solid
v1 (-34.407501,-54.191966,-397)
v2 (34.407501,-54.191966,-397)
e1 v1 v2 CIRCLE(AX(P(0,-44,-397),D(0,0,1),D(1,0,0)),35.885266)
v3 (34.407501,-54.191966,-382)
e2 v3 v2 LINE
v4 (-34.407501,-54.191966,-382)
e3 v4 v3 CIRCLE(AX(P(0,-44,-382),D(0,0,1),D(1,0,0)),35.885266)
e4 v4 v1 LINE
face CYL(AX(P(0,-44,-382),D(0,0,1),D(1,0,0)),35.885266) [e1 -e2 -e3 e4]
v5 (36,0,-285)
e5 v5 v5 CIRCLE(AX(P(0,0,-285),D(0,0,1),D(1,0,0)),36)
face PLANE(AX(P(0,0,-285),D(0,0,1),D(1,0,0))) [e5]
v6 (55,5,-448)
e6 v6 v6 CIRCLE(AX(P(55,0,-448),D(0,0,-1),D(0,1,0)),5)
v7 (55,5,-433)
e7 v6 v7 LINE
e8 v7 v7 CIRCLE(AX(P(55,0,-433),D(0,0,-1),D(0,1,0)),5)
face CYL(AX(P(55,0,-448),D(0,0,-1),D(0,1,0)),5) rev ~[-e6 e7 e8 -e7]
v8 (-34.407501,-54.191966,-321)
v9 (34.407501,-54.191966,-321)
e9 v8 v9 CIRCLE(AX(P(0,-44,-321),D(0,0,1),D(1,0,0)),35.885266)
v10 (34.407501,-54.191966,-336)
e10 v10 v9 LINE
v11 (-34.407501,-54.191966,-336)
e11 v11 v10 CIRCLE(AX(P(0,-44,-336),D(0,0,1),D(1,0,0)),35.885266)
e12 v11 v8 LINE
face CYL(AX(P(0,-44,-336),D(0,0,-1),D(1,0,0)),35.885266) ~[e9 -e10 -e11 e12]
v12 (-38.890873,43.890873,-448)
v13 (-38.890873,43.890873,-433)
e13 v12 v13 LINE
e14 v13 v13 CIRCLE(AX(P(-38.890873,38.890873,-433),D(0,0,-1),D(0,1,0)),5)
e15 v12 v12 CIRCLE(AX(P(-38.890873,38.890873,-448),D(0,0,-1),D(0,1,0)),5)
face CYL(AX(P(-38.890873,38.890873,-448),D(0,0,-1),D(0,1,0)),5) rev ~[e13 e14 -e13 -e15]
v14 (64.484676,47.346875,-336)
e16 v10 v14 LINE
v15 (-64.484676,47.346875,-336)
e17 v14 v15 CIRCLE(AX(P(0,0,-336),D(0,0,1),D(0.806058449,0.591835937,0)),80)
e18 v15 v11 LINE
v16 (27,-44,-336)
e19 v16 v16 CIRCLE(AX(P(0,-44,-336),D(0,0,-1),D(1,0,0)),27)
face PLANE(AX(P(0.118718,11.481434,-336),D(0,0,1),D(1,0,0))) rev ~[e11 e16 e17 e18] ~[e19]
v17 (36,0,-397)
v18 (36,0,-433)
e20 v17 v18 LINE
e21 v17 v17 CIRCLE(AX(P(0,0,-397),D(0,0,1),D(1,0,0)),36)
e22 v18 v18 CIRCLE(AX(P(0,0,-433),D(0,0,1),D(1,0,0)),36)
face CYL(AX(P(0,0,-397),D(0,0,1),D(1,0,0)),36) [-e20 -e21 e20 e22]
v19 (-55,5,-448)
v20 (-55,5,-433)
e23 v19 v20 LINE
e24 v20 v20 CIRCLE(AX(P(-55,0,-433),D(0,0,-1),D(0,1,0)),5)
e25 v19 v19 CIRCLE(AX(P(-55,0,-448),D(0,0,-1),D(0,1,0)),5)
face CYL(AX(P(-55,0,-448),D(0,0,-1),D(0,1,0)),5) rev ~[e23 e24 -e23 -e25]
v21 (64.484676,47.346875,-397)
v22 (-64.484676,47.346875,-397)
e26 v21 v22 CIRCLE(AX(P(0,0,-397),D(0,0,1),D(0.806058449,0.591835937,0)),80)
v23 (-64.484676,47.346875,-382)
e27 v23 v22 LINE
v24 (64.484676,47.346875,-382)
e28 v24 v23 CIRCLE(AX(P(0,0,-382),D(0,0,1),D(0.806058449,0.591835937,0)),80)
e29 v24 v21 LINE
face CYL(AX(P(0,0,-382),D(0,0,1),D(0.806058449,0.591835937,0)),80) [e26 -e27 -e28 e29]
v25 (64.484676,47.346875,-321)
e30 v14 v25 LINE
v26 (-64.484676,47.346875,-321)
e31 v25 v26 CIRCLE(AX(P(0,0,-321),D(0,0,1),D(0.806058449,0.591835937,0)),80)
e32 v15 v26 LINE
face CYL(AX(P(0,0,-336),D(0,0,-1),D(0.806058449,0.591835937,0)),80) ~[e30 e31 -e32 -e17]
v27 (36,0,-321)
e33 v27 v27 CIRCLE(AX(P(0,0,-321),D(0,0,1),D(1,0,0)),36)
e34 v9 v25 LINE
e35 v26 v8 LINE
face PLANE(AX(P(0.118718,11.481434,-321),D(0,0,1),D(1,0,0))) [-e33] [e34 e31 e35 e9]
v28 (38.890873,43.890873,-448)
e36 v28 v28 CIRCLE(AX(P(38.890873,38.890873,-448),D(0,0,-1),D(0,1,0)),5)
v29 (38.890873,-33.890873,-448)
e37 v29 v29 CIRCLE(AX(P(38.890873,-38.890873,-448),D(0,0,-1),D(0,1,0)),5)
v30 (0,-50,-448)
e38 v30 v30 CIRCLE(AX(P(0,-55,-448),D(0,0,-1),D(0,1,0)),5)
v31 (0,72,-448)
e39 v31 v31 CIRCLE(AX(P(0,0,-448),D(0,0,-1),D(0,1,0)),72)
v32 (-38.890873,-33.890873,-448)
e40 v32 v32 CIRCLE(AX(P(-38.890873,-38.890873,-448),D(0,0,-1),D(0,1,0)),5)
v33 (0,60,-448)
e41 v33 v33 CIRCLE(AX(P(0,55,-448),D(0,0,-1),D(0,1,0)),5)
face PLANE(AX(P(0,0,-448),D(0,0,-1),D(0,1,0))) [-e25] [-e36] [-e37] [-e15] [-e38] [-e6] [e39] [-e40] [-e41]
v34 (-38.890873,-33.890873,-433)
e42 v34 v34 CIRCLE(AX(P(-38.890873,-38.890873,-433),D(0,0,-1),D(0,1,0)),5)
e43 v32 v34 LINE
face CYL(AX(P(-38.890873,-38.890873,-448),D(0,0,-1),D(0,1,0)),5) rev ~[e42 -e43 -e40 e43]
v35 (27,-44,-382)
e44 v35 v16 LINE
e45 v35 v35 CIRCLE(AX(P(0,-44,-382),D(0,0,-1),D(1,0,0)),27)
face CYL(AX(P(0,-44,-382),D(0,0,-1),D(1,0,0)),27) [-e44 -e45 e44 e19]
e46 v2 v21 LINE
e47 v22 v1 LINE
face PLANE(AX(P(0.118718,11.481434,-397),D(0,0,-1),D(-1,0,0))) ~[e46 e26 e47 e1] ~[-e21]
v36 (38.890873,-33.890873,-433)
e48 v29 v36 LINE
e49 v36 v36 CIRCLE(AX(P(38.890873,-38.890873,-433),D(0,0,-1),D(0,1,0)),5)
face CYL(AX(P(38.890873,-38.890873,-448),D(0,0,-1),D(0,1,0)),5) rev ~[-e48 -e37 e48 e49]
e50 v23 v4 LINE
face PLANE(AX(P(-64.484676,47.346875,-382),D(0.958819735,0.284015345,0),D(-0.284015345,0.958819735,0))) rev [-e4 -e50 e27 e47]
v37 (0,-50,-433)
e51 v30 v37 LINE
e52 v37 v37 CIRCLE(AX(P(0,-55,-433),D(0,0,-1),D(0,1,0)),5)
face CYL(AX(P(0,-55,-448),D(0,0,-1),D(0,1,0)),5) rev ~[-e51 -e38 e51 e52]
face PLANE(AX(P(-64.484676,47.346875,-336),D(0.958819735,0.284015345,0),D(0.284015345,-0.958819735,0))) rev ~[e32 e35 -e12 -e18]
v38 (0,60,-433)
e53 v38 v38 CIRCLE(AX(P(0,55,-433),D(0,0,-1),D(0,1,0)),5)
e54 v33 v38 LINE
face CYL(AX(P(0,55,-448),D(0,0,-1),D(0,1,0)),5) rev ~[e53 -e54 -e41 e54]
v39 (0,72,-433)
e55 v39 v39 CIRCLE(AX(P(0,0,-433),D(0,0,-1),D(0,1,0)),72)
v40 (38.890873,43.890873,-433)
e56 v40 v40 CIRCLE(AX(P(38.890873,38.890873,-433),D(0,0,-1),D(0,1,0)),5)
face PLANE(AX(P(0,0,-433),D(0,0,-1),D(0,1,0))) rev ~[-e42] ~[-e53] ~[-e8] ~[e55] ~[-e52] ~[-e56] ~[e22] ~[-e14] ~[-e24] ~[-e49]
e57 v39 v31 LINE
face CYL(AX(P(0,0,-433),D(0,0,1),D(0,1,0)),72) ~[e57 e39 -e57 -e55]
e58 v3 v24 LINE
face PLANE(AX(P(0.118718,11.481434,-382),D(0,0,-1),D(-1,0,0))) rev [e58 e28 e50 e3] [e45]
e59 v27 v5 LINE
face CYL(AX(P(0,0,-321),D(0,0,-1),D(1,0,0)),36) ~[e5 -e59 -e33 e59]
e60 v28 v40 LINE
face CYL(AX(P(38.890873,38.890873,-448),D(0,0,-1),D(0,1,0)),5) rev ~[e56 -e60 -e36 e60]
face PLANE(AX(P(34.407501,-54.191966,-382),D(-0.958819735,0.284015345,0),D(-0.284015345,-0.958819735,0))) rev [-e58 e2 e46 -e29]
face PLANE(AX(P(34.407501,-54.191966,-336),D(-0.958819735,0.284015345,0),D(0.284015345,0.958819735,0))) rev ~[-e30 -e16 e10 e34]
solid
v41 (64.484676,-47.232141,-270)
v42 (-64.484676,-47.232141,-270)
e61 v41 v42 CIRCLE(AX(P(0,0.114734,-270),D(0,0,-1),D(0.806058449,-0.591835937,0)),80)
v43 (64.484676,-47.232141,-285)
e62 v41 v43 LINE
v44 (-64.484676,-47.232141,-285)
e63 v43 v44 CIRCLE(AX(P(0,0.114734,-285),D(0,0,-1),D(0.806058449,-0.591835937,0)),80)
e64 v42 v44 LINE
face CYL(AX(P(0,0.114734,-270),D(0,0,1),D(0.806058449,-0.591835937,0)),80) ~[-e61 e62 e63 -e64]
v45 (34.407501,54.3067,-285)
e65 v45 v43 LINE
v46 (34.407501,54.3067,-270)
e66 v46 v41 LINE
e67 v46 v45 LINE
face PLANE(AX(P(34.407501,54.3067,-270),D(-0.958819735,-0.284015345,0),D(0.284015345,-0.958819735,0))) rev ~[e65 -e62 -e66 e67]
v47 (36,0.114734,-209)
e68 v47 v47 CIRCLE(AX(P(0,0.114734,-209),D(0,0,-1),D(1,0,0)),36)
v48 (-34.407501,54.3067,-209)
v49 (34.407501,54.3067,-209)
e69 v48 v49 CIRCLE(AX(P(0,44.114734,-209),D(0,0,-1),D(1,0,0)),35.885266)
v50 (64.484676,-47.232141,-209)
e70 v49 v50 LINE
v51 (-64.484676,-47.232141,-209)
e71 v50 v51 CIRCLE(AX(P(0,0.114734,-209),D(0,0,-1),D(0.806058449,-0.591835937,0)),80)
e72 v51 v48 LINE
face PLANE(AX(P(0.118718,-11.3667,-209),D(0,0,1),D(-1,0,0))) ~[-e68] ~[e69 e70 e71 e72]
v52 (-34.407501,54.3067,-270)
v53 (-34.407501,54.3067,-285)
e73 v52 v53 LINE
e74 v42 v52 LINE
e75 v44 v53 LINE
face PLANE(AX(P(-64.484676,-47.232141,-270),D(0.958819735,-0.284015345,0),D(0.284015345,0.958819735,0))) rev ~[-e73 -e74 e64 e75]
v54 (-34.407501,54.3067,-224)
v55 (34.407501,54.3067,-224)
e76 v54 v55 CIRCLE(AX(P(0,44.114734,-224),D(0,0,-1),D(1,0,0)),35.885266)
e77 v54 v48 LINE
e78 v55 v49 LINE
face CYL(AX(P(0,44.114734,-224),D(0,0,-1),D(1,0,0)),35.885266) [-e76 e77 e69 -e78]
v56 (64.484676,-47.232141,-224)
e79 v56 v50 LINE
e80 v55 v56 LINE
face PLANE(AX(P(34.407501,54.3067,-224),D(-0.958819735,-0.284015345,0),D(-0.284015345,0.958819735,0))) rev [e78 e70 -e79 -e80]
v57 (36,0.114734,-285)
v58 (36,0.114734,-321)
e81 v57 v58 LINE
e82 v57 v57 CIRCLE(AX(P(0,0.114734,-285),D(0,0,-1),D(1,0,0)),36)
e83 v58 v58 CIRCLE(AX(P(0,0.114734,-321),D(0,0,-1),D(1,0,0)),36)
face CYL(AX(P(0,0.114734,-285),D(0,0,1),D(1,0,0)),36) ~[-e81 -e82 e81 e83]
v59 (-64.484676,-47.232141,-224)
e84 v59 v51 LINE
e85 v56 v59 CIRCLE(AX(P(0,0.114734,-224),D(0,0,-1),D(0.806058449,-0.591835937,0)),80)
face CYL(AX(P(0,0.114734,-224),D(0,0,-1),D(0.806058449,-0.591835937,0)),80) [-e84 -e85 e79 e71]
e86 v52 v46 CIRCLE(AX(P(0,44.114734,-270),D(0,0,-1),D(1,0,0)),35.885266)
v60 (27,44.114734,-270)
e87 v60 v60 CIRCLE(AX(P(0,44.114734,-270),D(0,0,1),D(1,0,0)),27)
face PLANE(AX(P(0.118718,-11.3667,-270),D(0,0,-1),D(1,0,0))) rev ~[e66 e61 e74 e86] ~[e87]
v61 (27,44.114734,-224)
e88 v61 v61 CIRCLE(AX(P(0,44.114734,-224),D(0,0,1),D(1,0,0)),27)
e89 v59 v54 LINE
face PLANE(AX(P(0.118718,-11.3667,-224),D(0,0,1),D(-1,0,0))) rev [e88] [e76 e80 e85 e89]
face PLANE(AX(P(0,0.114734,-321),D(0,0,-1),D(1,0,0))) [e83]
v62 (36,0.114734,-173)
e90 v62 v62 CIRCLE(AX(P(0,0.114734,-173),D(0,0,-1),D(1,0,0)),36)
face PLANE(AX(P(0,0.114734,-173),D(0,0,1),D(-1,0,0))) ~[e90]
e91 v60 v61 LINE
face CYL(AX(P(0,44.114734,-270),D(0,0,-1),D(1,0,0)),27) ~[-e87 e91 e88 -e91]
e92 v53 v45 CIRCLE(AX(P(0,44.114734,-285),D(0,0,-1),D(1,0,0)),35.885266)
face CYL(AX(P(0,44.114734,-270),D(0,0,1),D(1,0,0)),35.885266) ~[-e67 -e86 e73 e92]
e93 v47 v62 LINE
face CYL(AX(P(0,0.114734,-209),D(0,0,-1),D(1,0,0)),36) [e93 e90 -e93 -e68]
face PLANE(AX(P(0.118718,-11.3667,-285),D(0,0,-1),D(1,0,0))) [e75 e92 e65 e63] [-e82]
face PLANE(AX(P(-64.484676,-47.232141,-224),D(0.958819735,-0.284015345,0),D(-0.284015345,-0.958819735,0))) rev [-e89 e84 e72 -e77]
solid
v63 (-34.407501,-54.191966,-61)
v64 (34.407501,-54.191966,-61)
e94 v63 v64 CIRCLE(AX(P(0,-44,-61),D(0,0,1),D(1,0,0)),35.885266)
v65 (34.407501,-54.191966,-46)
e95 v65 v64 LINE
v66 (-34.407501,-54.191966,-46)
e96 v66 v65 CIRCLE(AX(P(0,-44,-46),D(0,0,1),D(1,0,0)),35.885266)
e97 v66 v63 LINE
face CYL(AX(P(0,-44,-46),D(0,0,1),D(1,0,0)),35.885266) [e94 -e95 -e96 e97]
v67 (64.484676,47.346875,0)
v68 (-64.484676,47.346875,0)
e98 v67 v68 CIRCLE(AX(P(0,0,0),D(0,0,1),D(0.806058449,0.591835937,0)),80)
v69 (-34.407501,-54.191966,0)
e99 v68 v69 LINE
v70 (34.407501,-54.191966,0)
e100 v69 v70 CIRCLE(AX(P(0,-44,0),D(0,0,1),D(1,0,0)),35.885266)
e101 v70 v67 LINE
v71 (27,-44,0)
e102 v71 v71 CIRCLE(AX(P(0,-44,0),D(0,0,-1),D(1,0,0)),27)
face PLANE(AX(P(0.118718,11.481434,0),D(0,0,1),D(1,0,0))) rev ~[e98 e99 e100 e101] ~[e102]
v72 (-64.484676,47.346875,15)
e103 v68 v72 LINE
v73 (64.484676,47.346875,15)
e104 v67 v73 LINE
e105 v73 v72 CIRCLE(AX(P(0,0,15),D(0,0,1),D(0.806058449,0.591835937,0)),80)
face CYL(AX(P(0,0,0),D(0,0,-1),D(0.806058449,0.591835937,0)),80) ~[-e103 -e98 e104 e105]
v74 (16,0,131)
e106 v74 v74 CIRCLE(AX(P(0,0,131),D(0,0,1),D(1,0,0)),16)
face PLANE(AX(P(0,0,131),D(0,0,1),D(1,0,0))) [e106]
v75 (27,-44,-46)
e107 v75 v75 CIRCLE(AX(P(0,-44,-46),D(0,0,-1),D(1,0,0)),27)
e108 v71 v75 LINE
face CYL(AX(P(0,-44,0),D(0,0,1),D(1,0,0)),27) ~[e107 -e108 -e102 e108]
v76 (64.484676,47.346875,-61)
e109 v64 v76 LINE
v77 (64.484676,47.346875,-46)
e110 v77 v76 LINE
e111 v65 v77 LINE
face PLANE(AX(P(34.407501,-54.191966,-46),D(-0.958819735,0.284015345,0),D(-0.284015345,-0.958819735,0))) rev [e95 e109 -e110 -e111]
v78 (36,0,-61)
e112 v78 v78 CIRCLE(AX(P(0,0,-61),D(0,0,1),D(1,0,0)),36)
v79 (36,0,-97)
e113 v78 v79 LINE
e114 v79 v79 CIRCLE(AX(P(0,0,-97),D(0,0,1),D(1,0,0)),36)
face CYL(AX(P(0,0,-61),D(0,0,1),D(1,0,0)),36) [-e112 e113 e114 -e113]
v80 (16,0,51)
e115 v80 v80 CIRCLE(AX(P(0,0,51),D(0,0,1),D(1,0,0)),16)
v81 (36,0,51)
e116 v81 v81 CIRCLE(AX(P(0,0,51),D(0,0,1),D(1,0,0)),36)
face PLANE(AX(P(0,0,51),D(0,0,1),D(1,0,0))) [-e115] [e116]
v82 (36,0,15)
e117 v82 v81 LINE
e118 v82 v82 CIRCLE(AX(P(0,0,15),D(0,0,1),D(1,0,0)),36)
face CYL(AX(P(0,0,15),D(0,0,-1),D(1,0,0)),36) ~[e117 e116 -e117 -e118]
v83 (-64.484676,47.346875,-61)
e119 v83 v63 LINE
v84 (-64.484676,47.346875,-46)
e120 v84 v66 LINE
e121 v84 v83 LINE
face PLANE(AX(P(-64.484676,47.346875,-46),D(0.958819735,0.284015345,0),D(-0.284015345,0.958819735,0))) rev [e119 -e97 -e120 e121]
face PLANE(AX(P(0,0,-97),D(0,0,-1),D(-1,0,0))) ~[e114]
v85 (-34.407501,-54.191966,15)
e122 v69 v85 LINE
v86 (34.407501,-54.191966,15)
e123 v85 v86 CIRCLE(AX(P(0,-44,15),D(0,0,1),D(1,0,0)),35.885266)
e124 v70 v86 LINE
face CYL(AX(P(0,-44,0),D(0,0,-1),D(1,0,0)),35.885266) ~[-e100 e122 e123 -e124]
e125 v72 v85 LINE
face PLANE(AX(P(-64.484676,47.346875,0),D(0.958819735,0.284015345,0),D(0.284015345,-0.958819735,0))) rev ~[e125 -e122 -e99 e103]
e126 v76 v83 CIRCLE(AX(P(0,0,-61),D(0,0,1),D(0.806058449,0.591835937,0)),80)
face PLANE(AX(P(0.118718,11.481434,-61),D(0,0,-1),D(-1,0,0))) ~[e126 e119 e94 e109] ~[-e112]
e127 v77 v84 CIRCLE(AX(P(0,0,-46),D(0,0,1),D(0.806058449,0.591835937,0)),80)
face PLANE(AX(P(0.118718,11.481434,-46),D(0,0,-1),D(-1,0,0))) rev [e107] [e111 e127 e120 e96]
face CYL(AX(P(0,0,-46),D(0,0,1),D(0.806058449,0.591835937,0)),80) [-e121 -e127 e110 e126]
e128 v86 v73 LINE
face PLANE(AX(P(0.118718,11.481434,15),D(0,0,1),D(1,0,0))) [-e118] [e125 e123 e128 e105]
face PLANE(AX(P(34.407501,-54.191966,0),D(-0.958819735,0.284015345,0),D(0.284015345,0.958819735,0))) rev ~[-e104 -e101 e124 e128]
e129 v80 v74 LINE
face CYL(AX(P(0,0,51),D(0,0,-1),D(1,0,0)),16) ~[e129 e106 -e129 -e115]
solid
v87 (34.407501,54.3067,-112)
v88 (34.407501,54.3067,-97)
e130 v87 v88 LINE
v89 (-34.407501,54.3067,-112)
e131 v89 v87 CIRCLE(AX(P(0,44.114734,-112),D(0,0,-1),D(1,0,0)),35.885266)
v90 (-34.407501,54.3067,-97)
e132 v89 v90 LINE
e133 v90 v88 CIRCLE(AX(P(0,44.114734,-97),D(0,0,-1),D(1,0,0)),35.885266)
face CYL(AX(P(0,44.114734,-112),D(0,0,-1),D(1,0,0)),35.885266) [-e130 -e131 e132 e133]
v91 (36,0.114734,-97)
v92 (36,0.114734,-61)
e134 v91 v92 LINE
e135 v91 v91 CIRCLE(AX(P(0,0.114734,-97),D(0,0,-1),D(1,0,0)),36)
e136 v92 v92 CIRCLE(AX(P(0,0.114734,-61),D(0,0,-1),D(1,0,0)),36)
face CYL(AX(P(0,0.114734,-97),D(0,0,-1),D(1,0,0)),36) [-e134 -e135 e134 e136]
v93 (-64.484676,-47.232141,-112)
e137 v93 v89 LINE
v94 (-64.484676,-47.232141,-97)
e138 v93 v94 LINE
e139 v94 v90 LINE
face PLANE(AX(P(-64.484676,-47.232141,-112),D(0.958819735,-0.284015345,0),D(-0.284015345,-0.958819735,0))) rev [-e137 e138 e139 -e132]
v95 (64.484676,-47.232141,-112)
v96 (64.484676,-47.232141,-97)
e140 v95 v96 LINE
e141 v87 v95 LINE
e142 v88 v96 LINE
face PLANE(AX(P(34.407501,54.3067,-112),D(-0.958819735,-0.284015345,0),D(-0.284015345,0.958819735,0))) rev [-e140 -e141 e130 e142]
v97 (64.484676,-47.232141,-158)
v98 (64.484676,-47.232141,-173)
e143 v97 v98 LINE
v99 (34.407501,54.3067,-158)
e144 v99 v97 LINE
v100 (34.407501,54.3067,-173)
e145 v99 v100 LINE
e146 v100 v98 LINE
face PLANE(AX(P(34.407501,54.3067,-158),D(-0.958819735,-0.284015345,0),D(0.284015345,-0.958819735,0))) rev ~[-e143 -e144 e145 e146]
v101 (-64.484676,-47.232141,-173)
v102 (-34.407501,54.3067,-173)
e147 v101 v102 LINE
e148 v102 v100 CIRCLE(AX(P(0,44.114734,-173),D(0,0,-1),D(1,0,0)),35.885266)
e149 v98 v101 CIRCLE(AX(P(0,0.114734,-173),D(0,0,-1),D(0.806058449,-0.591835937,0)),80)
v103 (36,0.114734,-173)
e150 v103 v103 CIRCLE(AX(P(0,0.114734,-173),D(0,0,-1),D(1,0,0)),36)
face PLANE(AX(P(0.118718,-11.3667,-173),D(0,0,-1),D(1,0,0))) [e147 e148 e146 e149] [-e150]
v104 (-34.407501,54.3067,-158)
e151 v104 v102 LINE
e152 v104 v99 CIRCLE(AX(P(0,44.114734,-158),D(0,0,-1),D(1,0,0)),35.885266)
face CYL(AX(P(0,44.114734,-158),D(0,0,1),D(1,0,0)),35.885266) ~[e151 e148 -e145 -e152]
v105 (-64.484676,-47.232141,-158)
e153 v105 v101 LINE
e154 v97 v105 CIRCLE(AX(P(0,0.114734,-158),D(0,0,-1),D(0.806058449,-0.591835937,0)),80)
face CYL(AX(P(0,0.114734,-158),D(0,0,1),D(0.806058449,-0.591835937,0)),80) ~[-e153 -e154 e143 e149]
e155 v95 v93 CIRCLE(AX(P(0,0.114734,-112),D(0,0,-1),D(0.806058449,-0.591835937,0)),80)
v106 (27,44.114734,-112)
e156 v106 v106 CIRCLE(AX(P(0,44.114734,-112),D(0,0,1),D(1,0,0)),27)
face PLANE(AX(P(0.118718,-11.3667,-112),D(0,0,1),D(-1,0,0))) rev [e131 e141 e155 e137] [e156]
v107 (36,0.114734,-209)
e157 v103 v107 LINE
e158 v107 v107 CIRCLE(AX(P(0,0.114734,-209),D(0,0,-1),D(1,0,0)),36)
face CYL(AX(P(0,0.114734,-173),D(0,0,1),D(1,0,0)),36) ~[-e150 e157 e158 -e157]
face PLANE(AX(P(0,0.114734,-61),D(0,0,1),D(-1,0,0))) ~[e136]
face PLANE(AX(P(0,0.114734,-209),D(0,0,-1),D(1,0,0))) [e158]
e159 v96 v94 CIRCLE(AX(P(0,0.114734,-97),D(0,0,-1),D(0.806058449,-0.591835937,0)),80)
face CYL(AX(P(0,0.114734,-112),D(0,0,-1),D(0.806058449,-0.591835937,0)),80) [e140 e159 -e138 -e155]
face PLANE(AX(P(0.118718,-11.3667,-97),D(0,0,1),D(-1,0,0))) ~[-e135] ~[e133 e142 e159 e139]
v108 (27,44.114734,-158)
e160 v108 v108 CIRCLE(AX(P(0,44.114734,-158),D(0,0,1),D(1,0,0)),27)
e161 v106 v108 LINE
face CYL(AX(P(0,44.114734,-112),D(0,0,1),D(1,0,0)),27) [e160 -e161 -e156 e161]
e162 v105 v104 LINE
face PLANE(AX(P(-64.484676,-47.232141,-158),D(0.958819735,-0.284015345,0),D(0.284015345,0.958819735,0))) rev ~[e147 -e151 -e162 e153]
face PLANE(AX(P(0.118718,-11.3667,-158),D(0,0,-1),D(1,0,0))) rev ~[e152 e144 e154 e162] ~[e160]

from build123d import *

# Parameters (mm, degrees)
SKETCH1_R             = 35.885265696
BOSS_EXTRUDE1_DEPTH   = 15
SKETCH4_R             = 27
BOSS_EXTRUDE2_DEPTH   = 46
SKETCH6_R             = 36
BOSS_EXTRUDE3_DEPTH   = 36
BODY_MOVE_COPY2_ANGLE = 180
SKETCH8_R             = 16
BOSS_EXTRUDE5_DEPTH   = 80
SKETCH9_R             = 72
BOSS_EXTRUDE6_DEPTH   = 15
SKETCH10_R            = 5
CUT_EXTRUDE2_DEPTH    = 15


with BuildPart() as part:
    # Sketch1 → Boss-Extrude1 (new body)
    with BuildSketch(Plane.XY):
        with BuildLine():
            ThreePointArc((64.484675932, 47.346874976), (0, 80), (-64.484675932, 47.346874976))
            Line((-64.484675932, 47.346874976), (-34.40750094, -54.191966106))
            ThreePointArc((-34.40750094, -54.191966106), (-5.149270866, -8.486097037), (35.885265696, -44))
            ThreePointArc((35.885265696, -44), (35.513902963, -49.149270866), (34.40750094, -54.191966106))
            Line((34.40750094, -54.191966106), (64.484675932, 47.346874976))
        make_face()
        with Locations((0, -44)):
            Circle(SKETCH1_R)
    boss_extrude1 = extrude(amount=BOSS_EXTRUDE1_DEPTH)

    # Sketch4 → Boss-Extrude2 (add)
    with BuildSketch(Plane(origin=(0, 0, 0), x_dir=(-1, 0, 0), z_dir=(0, 0, -1))):
        with Locations(Location((0, -44, 0), (0, 0, 180))):
            Circle(SKETCH4_R)
    extrude(amount=BOSS_EXTRUDE2_DEPTH)

    # Mirror1: Boss-Extrude1 across plane
    add(boss_extrude1.mirror(Plane(origin=(0, 0, -23), x_dir=(1, 0, 0), z_dir=(0, 0, -1))))

    # Sketch6 → Boss-Extrude3 (add)
    with BuildSketch(Plane.XY.offset(15)):
        Circle(SKETCH6_R)
    boss_extrude3 = extrude(amount=BOSS_EXTRUDE3_DEPTH)

    # Mirror2: Boss-Extrude3 across plane
    add(boss_extrude3.mirror(Plane(origin=(0, 0, -23), x_dir=(1, 0, 0), z_dir=(0, 0, -1))))


with BuildPart() as body_2:
    # Mirror13: mirrored copy
    add(part.part.mirror(Plane(origin=(0, 0, -79), x_dir=(1, 0, 0), z_dir=(0, 0, -1))))


with BuildPart() as body_2_1:
    # Body-Move/Copy2: moved
    add(body_2.part.rotate(Axis((0, 0.057367152, -135), (1, 0, 0)), BODY_MOVE_COPY2_ANGLE))


with BuildPart() as body_3:
    # Mirror15: mirrored copy
    add(part.part.mirror(Plane(origin=(0, 0, -191), x_dir=(1, 0, 0), z_dir=(0, 0, -1))))

    # Sketch9 → Boss-Extrude6 (add)
    with BuildSketch(Plane(origin=(0, 0, -433), x_dir=(-1, 0, 0), z_dir=(0, 0, -1))):
        with Locations(Location((0, 0, 0), (0, 0, 90))):
            Circle(SKETCH9_R)
    extrude(amount=BOSS_EXTRUDE6_DEPTH)

    # Sketch10 → Cut-Extrude2 (cut)
    with BuildSketch(Plane(origin=(0, 0, -448), x_dir=(-1, 0, 0), z_dir=(0, 0, -1))):
        with Locations(Location((0, 55, 0), (0, 0, 90))):
            Circle(SKETCH10_R)
        with Locations(Location((38.890872965, 38.890872965, 0), (0, 0, 90))):
            Circle(SKETCH10_R)
        with Locations(Location((55, 0, 0), (0, 0, 90))):
            Circle(SKETCH10_R)
        with Locations(Location((38.890872965, -38.890872965, 0), (0, 0, 90))):
            Circle(SKETCH10_R)
        with Locations(Location((0, -55, 0), (0, 0, 90))):
            Circle(SKETCH10_R)
        with Locations(Location((-38.890872965, -38.890872965, 0), (0, 0, 90))):
            Circle(SKETCH10_R)
        with Locations(Location((-55, 0, 0), (0, 0, 90))):
            Circle(SKETCH10_R)
        with Locations(Location((-38.890872965, 38.890872965, 0), (0, 0, 90))):
            Circle(SKETCH10_R)
    extrude(amount=-CUT_EXTRUDE2_DEPTH, mode=Mode.SUBTRACT)


with BuildPart() as body_4:
    # Mirror15 2: mirrored copy
    add(body_2_1.part.mirror(Plane(origin=(0, 0, -191), x_dir=(1, 0, 0), z_dir=(0, 0, -1))))


with BuildPart() as part_1:
    add(part.part)

    # Sketch8 → Boss-Extrude5 (add)
    with BuildSketch(Plane.XY.offset(51)):
        Circle(SKETCH8_R)
    extrude(amount=BOSS_EXTRUDE5_DEPTH)


solid = Compound([body_2_1.part, body_3.part, body_4.part, part_1.part])
